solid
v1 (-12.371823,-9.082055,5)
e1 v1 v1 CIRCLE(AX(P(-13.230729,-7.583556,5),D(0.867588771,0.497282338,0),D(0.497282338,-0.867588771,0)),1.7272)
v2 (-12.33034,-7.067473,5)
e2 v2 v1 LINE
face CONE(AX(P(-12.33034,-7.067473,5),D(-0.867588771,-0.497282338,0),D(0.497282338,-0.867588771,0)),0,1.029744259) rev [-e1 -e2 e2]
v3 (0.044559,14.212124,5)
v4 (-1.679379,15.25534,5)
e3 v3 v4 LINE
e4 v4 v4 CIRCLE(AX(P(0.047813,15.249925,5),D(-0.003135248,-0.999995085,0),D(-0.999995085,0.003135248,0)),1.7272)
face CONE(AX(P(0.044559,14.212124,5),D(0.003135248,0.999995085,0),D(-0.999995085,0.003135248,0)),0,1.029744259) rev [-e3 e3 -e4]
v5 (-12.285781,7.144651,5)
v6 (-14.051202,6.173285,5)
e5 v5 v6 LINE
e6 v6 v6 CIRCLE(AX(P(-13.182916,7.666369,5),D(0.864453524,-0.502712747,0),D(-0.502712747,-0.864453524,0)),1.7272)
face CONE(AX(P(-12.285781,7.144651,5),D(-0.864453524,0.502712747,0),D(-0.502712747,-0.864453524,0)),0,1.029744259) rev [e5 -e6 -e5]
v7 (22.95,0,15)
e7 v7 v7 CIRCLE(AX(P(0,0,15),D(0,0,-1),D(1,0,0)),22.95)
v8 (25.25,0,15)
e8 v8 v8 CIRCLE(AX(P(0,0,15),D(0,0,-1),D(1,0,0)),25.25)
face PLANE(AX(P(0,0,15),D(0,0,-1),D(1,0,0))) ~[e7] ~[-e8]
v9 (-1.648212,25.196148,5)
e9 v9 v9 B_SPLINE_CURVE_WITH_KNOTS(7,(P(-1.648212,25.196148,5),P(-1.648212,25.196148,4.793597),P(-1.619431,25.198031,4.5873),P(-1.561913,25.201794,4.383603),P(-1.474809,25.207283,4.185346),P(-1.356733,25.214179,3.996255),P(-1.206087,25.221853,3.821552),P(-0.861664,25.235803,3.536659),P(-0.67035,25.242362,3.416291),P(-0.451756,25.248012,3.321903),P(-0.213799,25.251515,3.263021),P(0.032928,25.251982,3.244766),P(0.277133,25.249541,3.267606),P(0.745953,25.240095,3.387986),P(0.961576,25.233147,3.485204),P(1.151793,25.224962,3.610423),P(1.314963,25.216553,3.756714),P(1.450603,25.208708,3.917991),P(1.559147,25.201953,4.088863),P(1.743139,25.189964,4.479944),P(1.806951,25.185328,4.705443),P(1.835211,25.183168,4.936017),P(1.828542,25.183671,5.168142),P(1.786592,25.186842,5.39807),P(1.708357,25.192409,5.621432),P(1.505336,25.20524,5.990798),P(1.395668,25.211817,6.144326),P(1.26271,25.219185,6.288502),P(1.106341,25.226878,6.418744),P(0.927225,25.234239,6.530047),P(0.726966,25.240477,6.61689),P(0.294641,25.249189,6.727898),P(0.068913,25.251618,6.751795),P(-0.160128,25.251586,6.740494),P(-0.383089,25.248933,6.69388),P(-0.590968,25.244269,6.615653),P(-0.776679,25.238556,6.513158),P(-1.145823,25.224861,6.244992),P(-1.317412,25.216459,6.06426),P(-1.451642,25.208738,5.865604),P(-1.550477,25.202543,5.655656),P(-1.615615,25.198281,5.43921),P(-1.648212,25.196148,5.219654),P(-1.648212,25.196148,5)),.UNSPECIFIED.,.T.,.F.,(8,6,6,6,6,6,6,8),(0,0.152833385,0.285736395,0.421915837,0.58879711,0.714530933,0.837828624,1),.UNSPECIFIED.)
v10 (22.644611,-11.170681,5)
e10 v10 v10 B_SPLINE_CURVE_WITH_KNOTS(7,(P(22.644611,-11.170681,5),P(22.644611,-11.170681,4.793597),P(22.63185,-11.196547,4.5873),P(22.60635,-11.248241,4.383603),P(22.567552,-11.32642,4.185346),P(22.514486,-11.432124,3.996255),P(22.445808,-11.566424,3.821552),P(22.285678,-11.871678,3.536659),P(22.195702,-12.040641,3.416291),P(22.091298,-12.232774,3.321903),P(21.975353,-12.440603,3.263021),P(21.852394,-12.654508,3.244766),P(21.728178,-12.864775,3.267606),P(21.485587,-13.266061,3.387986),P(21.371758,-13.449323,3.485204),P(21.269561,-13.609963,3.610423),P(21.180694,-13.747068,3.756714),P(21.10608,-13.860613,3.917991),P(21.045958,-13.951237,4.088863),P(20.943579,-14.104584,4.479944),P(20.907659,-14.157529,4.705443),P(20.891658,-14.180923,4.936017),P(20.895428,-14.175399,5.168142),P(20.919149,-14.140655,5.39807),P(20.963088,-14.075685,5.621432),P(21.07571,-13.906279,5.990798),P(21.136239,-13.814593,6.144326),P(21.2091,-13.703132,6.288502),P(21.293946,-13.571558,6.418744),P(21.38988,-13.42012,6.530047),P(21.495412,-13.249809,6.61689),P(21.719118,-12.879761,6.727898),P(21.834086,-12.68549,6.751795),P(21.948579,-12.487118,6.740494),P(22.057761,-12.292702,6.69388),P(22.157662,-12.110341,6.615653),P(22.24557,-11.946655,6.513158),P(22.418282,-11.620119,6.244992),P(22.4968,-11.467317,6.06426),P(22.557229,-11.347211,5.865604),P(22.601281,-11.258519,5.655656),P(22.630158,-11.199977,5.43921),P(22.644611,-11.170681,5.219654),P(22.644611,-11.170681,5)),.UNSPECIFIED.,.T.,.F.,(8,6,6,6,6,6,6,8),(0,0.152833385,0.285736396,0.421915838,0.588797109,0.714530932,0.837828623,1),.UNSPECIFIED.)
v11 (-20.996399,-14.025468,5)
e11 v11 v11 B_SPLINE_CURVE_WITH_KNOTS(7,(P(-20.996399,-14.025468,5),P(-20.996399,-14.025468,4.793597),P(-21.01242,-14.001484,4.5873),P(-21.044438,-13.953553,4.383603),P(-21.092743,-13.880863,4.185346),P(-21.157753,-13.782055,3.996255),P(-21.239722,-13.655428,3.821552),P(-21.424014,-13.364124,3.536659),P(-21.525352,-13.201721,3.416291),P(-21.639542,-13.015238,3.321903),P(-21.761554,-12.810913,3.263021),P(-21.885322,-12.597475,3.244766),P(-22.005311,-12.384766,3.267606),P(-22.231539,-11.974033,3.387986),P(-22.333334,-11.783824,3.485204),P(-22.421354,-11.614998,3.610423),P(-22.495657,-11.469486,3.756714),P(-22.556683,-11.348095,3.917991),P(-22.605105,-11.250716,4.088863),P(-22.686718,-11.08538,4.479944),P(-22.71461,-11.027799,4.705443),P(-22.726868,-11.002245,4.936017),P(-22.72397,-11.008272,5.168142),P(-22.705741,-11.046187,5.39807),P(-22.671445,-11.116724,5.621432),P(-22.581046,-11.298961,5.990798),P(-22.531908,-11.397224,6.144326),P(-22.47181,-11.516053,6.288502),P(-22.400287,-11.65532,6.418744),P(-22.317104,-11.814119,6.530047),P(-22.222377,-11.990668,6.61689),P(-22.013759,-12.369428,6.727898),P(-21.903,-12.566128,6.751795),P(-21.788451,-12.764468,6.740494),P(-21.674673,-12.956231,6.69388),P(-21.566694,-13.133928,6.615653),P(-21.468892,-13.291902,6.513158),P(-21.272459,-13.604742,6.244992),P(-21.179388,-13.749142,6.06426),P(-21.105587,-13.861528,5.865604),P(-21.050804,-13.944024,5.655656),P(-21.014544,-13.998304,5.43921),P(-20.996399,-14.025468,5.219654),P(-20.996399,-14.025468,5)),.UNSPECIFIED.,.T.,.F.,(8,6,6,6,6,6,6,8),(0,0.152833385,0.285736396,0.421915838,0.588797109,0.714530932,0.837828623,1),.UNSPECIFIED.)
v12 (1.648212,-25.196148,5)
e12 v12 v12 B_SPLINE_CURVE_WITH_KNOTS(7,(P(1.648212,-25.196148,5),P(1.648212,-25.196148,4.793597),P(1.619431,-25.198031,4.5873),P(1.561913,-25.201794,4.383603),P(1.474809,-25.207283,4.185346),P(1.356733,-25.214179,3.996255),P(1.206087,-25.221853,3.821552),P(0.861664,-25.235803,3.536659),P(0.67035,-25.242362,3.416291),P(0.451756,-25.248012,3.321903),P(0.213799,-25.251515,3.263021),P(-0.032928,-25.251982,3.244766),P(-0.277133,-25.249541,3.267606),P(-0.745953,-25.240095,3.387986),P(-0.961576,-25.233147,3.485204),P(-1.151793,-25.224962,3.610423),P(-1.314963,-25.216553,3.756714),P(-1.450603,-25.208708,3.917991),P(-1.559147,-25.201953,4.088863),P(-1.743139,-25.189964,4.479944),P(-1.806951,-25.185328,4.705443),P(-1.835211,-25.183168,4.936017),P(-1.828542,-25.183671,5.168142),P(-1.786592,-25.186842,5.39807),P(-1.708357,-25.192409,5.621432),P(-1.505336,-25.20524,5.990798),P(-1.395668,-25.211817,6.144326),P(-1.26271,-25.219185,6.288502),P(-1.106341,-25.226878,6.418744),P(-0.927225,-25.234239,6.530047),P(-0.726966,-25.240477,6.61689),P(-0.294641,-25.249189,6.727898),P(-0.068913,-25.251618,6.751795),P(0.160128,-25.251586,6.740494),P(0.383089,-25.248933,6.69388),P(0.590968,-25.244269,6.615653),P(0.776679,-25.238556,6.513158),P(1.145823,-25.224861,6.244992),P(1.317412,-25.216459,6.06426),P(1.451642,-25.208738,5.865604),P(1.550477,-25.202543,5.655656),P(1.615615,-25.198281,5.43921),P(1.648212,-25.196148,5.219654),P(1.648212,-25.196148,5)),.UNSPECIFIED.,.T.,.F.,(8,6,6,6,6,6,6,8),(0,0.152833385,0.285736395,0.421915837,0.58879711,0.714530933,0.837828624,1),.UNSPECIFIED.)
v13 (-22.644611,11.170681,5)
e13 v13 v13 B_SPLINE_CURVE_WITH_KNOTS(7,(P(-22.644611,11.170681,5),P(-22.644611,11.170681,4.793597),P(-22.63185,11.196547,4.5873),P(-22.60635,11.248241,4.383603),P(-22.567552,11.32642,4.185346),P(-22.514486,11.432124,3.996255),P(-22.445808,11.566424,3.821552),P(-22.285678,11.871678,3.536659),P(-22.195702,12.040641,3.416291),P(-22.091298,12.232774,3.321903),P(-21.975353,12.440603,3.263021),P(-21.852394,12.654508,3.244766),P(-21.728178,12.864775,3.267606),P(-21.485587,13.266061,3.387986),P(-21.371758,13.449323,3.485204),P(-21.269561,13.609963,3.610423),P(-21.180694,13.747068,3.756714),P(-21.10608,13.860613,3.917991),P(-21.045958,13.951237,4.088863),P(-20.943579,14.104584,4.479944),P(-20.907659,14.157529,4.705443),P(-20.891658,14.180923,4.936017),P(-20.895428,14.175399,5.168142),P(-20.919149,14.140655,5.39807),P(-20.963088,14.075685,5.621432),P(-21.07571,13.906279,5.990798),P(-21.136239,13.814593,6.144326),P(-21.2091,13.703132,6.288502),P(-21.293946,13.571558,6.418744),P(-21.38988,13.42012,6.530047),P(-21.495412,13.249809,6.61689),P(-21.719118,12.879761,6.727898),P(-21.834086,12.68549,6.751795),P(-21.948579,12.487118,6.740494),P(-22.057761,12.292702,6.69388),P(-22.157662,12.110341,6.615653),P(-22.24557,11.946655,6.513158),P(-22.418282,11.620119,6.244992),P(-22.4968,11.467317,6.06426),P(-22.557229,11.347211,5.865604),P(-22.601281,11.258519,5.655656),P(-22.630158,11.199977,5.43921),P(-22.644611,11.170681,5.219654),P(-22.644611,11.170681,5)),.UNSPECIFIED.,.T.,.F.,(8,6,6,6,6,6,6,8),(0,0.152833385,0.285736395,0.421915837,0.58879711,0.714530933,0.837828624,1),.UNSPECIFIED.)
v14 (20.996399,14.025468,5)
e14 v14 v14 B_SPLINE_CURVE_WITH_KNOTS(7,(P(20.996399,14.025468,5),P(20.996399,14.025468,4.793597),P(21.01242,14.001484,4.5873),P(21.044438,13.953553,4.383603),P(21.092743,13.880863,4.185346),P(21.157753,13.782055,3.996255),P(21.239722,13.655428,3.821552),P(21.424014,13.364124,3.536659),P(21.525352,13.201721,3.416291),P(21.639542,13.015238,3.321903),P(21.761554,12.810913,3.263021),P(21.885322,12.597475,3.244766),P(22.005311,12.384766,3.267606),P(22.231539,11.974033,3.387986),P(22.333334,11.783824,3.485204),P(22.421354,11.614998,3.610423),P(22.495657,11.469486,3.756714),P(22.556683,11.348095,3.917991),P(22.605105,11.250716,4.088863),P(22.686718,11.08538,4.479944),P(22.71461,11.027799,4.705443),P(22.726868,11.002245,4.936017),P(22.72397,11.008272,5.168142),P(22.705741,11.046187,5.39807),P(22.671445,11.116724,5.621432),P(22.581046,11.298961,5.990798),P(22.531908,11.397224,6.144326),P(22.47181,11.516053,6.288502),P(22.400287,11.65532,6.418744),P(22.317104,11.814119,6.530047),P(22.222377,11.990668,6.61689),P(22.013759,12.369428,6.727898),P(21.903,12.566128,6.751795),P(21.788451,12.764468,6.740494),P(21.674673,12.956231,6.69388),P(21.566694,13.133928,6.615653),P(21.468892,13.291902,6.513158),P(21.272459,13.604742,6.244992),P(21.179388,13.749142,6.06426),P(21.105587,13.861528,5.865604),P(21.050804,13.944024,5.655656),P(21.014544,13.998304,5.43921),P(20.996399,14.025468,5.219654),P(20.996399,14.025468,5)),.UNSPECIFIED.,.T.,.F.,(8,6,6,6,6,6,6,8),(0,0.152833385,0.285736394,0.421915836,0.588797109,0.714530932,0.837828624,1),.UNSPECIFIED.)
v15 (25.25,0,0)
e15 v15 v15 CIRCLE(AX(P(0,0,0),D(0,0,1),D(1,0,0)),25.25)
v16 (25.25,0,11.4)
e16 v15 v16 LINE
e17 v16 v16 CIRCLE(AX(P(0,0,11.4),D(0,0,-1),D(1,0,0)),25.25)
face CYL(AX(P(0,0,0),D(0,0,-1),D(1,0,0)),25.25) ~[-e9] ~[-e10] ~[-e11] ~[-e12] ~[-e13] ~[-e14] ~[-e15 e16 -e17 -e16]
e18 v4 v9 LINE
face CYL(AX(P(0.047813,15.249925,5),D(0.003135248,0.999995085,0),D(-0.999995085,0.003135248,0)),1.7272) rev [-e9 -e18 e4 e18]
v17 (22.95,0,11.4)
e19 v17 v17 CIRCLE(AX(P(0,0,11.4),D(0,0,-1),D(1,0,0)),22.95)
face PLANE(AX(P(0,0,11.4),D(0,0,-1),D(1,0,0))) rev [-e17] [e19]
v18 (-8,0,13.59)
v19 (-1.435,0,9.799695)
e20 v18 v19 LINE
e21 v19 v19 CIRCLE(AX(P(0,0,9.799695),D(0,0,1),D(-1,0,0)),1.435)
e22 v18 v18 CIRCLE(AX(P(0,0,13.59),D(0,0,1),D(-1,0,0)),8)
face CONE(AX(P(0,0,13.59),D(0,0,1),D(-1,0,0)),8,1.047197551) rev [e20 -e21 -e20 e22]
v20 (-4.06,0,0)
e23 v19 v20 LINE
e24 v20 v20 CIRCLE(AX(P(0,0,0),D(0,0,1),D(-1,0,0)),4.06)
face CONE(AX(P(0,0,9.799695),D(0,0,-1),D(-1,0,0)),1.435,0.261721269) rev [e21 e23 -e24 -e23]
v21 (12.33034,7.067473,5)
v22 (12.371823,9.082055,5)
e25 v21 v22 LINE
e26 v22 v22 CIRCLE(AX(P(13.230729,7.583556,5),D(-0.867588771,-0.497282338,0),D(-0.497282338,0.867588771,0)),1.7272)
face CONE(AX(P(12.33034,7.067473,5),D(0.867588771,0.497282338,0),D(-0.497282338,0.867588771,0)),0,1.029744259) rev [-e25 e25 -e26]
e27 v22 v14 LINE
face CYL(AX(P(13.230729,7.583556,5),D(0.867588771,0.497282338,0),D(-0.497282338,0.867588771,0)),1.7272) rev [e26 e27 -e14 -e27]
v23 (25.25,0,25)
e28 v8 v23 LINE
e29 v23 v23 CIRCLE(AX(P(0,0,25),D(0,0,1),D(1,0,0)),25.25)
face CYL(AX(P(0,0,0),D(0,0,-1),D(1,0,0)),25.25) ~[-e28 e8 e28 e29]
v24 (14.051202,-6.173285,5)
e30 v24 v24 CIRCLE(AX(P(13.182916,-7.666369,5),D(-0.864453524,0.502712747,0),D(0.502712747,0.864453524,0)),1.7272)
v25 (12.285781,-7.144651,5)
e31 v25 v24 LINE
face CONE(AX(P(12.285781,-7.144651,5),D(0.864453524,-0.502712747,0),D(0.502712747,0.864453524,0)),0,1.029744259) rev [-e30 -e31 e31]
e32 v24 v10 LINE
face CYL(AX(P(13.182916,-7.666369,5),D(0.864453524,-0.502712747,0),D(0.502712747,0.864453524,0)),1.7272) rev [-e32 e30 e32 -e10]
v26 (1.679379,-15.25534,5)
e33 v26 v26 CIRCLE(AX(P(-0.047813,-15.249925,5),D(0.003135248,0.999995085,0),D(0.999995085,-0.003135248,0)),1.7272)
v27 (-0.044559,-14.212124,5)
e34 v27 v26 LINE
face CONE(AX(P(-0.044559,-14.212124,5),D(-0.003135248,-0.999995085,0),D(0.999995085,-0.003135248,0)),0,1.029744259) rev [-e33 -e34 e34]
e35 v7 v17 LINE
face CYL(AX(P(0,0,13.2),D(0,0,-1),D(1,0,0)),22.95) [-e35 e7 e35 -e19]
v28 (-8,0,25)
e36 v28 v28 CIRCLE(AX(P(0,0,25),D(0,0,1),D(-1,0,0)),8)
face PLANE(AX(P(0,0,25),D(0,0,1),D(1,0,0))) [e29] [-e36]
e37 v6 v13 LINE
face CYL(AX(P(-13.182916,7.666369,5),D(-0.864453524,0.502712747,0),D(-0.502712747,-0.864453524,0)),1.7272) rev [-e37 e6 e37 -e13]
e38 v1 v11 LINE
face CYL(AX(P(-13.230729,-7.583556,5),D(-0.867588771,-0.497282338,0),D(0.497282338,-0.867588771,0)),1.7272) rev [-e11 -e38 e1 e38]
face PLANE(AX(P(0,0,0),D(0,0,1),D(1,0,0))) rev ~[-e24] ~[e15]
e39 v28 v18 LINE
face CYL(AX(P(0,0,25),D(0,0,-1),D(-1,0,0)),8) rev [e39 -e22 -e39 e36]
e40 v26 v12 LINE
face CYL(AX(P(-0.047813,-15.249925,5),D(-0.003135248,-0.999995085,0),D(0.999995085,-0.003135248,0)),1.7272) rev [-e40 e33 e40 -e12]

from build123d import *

# Parameters (mm, degrees)
SKETCH2_R           = 25.25
BOSS_EXTRUDE1_DEPTH = 25
SKETCH8_W           = 3.6
SKETCH8_H           = 2.3
CIRPATTERN1_COUNT   = 6


with BuildPart() as part:
    # Sketch2 → Boss-Extrude1 (new body)
    with BuildSketch(Plane.XY):
        Circle(SKETCH2_R)
    extrude(amount=BOSS_EXTRUDE1_DEPTH)

    # Sketch6 → Cut-Revolve2 (revolve, cut)
    with BuildSketch(Plane(origin=(0, 0, 0), x_dir=(0, 0, -1), z_dir=(1, 0, 0)), mode=Mode.PRIVATE) as cut_revolve2_sk:
        Polygon((-25, 0), (-25, 8), (-13.59, 8), (-9.799695483, 1.435), (0, 4.06), (0, 0), align=None)
    revolve(cut_revolve2_sk.sketch.rotate(Axis((0, 0, 0), (0, 0, 1)), 90), axis=Axis((0, 0, 0), (0, 0, 1)), mode=Mode.SUBTRACT)

    # Sketch8 → Cut-Revolve3 (revolve, cut)
    with BuildSketch(Plane(origin=(0, 0, 0), x_dir=(0, 0, -1), z_dir=(1, 0, 0)), mode=Mode.PRIVATE) as cut_revolve3_sk:
        with Locations((-13.2, 24.1)):
            Rectangle(SKETCH8_W, SKETCH8_H)
    revolve(cut_revolve3_sk.sketch.rotate(Axis((0, 0, 25), (0, 0, -1)), 90), axis=Axis((0, 0, 25), (0, 0, -1)), mode=Mode.SUBTRACT)

    # Sketch9 → #8-32 Tapped Hole1 (revolve, cut)
    with BuildSketch(Plane(origin=(0.079165003, 25.249875899, 5), x_dir=(-0.9999950850990496, 0.003135247636910079, 0), z_dir=(0, 0, 1))):
        Polygon((0, 0), (0, 11.037806461), (1.7272, 10), (1.7272, 0), align=None)
    f_8_32_tapped_hole1 = revolve(axis=Axis((0.099073825, 31.599844689, 5), (-0.0031352476369100784, -0.9999950850990494, 0)), mode=Mode.SUBTRACT)

    # CirPattern1: #8-32 Tapped Hole1 ×6 about axis
    cirpattern1_axis = Axis((0, 0, 25), (0, 0, -1))
    for i in range(1, CIRPATTERN1_COUNT):
        add(f_8_32_tapped_hole1.rotate(cirpattern1_axis, i * 360 / CIRPATTERN1_COUNT), mode=Mode.SUBTRACT)


solid = part.part
